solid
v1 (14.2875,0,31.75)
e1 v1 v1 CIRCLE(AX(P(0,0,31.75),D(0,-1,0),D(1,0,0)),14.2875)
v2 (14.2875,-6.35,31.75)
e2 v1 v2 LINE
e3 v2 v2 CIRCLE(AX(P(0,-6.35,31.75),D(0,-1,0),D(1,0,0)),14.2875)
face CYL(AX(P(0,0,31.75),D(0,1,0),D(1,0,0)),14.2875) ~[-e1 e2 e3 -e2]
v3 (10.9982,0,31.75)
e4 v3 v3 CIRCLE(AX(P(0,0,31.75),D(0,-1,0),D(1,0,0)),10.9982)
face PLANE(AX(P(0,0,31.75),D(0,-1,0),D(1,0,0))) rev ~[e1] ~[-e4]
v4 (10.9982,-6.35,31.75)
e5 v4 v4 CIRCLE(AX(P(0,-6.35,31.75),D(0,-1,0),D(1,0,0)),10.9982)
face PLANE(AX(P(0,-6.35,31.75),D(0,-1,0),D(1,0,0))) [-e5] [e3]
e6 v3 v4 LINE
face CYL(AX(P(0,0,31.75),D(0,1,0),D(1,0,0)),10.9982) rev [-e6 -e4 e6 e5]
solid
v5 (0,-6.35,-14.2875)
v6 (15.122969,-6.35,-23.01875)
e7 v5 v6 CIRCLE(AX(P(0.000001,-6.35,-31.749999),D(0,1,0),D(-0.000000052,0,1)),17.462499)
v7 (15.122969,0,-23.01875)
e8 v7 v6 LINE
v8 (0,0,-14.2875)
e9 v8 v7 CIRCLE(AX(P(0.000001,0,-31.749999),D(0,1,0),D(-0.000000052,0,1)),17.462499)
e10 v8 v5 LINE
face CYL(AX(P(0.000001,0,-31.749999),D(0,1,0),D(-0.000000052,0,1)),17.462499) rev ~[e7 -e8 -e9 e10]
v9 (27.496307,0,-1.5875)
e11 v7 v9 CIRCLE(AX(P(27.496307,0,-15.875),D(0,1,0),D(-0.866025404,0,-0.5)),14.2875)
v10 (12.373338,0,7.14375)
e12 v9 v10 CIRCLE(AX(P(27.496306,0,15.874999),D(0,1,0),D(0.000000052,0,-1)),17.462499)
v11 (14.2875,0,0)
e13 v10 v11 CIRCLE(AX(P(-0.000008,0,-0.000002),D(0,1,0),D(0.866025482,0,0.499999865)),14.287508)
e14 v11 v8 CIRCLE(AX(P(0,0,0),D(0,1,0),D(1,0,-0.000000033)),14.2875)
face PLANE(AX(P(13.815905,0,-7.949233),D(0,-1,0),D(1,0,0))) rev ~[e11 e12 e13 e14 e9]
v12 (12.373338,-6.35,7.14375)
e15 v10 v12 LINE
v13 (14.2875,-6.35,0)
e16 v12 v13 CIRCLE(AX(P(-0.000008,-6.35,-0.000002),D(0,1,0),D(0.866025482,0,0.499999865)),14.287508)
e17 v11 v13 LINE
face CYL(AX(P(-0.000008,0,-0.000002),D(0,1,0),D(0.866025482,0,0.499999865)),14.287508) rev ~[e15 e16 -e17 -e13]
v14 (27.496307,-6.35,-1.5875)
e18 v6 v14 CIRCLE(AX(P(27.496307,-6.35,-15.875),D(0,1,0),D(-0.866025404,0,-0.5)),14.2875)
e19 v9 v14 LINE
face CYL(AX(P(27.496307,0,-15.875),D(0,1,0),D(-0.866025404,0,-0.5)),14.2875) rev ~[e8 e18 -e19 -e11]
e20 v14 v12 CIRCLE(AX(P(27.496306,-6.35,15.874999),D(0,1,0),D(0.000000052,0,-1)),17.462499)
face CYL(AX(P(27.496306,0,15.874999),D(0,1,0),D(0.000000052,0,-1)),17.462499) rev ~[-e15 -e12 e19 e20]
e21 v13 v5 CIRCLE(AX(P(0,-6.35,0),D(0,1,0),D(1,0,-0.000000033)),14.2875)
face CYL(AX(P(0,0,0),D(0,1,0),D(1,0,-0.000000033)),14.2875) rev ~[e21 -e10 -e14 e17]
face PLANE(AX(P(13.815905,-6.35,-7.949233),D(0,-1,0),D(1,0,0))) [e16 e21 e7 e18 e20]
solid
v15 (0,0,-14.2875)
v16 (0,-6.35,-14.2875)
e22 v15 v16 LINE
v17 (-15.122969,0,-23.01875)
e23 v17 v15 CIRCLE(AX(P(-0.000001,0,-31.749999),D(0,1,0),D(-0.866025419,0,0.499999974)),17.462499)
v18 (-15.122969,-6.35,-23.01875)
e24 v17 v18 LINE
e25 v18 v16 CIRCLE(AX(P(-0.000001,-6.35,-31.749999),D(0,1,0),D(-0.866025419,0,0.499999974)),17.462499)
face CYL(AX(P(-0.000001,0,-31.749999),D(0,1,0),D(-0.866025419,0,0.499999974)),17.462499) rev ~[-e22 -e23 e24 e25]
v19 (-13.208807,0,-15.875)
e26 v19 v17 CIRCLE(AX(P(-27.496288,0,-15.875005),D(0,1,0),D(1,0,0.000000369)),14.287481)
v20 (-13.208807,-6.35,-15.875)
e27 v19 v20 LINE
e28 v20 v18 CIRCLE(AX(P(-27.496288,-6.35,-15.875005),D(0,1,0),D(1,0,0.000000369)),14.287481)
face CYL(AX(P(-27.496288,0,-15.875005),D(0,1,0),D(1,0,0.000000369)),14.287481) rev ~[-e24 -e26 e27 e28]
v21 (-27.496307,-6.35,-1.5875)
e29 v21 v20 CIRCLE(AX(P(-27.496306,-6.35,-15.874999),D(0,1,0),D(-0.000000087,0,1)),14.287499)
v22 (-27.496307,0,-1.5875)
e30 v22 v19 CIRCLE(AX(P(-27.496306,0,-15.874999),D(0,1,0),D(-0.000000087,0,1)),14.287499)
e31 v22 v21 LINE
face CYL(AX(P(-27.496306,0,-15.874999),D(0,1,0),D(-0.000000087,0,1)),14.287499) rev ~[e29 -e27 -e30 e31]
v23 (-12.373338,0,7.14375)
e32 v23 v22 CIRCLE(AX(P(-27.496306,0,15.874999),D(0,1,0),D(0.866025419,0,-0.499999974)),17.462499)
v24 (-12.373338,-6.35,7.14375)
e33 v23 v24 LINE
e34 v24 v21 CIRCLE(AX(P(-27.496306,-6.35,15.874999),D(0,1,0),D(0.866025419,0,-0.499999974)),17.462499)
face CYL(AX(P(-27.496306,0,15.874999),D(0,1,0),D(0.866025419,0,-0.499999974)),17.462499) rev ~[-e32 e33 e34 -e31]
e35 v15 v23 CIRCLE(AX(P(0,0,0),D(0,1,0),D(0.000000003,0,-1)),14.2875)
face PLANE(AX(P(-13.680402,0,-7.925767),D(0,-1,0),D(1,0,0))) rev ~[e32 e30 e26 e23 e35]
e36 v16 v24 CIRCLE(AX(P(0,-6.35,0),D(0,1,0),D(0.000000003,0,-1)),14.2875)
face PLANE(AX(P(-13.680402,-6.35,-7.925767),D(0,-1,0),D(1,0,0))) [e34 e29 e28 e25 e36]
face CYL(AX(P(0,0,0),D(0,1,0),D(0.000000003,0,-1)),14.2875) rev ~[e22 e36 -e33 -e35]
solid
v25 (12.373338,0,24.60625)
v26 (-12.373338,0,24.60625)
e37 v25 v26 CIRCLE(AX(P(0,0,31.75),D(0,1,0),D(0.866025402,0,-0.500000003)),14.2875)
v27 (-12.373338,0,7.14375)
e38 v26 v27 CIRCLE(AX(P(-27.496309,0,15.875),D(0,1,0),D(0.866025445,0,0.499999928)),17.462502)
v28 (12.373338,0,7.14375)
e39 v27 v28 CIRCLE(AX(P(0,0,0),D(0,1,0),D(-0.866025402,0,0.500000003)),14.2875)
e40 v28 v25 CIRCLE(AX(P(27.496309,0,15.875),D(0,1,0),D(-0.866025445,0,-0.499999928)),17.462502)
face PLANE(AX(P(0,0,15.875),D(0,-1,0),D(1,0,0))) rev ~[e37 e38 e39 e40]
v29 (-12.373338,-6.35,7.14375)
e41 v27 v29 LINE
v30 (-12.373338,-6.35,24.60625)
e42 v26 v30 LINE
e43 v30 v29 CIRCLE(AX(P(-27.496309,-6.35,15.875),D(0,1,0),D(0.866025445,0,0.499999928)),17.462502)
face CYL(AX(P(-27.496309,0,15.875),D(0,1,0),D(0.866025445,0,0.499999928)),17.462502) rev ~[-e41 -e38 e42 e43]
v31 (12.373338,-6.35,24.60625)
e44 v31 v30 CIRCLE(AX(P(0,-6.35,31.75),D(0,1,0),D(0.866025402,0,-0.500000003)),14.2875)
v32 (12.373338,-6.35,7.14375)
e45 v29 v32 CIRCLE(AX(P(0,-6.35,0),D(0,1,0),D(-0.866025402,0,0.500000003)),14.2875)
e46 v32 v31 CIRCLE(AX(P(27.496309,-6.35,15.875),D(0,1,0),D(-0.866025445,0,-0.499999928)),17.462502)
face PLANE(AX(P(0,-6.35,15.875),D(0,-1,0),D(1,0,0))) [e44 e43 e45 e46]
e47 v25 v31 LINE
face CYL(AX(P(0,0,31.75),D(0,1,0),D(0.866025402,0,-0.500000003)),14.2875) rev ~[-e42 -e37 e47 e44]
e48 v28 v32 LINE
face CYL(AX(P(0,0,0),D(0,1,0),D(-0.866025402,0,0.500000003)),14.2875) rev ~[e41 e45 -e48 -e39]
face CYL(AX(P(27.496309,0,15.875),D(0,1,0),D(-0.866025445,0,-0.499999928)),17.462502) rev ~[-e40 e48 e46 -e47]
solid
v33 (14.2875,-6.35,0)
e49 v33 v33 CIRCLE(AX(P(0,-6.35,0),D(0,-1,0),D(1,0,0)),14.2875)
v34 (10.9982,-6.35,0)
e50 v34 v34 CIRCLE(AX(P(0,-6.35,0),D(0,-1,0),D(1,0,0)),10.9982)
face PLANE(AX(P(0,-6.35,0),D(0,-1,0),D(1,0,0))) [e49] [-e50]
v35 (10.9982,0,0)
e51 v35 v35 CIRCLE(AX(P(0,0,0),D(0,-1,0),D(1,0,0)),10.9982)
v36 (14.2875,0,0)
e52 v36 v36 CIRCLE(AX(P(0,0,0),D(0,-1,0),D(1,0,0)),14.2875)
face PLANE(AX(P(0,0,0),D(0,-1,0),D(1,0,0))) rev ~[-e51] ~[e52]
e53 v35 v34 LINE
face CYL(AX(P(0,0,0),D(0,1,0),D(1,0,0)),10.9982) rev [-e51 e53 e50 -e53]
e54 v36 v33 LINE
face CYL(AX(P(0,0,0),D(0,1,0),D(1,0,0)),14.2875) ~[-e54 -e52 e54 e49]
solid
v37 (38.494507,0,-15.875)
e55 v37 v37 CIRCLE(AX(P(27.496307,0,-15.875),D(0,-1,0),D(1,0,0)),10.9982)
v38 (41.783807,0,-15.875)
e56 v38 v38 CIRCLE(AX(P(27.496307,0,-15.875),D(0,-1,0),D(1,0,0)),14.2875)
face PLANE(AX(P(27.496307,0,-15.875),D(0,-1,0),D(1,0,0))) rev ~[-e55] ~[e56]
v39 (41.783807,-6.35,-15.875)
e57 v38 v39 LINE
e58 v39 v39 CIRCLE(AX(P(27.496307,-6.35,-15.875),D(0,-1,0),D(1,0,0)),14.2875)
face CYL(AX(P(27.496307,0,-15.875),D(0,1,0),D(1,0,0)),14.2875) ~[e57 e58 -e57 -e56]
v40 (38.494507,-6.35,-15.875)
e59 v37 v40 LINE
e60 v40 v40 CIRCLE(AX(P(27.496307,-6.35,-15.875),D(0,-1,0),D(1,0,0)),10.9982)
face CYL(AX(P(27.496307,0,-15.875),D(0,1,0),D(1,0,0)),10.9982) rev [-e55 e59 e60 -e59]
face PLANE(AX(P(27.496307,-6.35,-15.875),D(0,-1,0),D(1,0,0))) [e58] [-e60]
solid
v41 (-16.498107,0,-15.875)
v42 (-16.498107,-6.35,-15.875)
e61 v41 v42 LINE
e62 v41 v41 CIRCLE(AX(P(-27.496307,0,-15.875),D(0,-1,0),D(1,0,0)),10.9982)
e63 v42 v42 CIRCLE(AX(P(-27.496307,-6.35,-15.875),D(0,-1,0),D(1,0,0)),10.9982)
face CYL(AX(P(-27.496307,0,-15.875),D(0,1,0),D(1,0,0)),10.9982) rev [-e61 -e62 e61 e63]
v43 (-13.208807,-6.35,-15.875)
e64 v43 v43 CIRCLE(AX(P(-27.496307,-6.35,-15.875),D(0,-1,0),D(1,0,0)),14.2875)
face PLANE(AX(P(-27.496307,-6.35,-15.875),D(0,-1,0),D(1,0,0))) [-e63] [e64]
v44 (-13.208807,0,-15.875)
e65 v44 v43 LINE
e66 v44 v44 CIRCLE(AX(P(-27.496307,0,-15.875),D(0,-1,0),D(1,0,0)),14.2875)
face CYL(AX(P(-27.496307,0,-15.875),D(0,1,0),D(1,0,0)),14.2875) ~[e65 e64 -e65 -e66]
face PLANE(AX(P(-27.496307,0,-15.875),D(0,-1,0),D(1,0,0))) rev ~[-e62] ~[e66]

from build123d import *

# Parameters (mm, degrees)
F2_DEPTH = 6.35
F0_R     = 14.2875
F0_R_2   = 10.9982
F3_DEPTH = 6.35


with BuildPart() as f2:
    # F1 (on Front) → F2 (new body)
    with BuildSketch(Plane.XZ):
        with BuildLine():
            ThreePointArc((12.373338, 24.60625), (0, 17.4625), (-12.373338, 24.60625))
            ThreePointArc((-12.373338, 24.60625), (-10.033807, 15.875), (-12.373338, 7.14375))
            ThreePointArc((-12.373338, 7.14375), (0, 14.2875), (12.373338, 7.14375))
            ThreePointArc((12.373338, 7.14375), (10.033807, 15.875), (12.373338, 24.60625))
        make_face()
        with BuildLine():
            ThreePointArc((27.496307, -1.5875), (18.765057, 0.752031), (12.373338, 7.14375))
            ThreePointArc((12.373338, 7.14375), (13.800665, 3.697877), (14.2875, 0))
            ThreePointArc((14.2875, 0), (10.102788, -10.102788), (0, -14.2875))
            ThreePointArc((0, -14.2875), (8.73125, -16.627031), (15.122969, -23.01875))
            ThreePointArc((15.122969, -23.01875), (15.122969, -8.73125), (27.496307, -1.5875))
        make_face()
        with BuildLine():
            ThreePointArc((0, -14.2875), (-12.373338, -7.14375), (-12.373338, 7.14375))
            ThreePointArc((-12.373338, 7.14375), (-18.765057, 0.752031), (-27.496307, -1.5875))
            ThreePointArc((-27.496307, -1.5875), (-17.393518, -5.772212), (-13.208807, -15.875))
            ThreePointArc((-13.208807, -15.875), (-13.695641, -19.572877), (-15.122969, -23.01875))
            ThreePointArc((-15.122969, -23.01875), (-8.73125, -16.627031), (0, -14.2875))
        make_face()
    extrude(amount=F2_DEPTH)


with BuildPart() as f3:
    # F0 (on Front) → F3 (new body)
    with BuildSketch(Plane.XZ):
        Circle(F0_R)
        Circle(F0_R_2, mode=Mode.SUBTRACT)
        with Locations((0, 31.75)):
            Circle(F0_R)
        with Locations((0, 31.75)):
            Circle(F0_R_2, mode=Mode.SUBTRACT)
        with Locations((-27.496307, -15.875)):
            Circle(F0_R)
        with Locations((-27.496307, -15.875)):
            Circle(F0_R_2, mode=Mode.SUBTRACT)
        with Locations((27.496307, -15.875)):
            Circle(F0_R)
        with Locations((27.496307, -15.875)):
            Circle(F0_R_2, mode=Mode.SUBTRACT)
    extrude(amount=F3_DEPTH)


solid = Compound([f2.part, f3.part])
